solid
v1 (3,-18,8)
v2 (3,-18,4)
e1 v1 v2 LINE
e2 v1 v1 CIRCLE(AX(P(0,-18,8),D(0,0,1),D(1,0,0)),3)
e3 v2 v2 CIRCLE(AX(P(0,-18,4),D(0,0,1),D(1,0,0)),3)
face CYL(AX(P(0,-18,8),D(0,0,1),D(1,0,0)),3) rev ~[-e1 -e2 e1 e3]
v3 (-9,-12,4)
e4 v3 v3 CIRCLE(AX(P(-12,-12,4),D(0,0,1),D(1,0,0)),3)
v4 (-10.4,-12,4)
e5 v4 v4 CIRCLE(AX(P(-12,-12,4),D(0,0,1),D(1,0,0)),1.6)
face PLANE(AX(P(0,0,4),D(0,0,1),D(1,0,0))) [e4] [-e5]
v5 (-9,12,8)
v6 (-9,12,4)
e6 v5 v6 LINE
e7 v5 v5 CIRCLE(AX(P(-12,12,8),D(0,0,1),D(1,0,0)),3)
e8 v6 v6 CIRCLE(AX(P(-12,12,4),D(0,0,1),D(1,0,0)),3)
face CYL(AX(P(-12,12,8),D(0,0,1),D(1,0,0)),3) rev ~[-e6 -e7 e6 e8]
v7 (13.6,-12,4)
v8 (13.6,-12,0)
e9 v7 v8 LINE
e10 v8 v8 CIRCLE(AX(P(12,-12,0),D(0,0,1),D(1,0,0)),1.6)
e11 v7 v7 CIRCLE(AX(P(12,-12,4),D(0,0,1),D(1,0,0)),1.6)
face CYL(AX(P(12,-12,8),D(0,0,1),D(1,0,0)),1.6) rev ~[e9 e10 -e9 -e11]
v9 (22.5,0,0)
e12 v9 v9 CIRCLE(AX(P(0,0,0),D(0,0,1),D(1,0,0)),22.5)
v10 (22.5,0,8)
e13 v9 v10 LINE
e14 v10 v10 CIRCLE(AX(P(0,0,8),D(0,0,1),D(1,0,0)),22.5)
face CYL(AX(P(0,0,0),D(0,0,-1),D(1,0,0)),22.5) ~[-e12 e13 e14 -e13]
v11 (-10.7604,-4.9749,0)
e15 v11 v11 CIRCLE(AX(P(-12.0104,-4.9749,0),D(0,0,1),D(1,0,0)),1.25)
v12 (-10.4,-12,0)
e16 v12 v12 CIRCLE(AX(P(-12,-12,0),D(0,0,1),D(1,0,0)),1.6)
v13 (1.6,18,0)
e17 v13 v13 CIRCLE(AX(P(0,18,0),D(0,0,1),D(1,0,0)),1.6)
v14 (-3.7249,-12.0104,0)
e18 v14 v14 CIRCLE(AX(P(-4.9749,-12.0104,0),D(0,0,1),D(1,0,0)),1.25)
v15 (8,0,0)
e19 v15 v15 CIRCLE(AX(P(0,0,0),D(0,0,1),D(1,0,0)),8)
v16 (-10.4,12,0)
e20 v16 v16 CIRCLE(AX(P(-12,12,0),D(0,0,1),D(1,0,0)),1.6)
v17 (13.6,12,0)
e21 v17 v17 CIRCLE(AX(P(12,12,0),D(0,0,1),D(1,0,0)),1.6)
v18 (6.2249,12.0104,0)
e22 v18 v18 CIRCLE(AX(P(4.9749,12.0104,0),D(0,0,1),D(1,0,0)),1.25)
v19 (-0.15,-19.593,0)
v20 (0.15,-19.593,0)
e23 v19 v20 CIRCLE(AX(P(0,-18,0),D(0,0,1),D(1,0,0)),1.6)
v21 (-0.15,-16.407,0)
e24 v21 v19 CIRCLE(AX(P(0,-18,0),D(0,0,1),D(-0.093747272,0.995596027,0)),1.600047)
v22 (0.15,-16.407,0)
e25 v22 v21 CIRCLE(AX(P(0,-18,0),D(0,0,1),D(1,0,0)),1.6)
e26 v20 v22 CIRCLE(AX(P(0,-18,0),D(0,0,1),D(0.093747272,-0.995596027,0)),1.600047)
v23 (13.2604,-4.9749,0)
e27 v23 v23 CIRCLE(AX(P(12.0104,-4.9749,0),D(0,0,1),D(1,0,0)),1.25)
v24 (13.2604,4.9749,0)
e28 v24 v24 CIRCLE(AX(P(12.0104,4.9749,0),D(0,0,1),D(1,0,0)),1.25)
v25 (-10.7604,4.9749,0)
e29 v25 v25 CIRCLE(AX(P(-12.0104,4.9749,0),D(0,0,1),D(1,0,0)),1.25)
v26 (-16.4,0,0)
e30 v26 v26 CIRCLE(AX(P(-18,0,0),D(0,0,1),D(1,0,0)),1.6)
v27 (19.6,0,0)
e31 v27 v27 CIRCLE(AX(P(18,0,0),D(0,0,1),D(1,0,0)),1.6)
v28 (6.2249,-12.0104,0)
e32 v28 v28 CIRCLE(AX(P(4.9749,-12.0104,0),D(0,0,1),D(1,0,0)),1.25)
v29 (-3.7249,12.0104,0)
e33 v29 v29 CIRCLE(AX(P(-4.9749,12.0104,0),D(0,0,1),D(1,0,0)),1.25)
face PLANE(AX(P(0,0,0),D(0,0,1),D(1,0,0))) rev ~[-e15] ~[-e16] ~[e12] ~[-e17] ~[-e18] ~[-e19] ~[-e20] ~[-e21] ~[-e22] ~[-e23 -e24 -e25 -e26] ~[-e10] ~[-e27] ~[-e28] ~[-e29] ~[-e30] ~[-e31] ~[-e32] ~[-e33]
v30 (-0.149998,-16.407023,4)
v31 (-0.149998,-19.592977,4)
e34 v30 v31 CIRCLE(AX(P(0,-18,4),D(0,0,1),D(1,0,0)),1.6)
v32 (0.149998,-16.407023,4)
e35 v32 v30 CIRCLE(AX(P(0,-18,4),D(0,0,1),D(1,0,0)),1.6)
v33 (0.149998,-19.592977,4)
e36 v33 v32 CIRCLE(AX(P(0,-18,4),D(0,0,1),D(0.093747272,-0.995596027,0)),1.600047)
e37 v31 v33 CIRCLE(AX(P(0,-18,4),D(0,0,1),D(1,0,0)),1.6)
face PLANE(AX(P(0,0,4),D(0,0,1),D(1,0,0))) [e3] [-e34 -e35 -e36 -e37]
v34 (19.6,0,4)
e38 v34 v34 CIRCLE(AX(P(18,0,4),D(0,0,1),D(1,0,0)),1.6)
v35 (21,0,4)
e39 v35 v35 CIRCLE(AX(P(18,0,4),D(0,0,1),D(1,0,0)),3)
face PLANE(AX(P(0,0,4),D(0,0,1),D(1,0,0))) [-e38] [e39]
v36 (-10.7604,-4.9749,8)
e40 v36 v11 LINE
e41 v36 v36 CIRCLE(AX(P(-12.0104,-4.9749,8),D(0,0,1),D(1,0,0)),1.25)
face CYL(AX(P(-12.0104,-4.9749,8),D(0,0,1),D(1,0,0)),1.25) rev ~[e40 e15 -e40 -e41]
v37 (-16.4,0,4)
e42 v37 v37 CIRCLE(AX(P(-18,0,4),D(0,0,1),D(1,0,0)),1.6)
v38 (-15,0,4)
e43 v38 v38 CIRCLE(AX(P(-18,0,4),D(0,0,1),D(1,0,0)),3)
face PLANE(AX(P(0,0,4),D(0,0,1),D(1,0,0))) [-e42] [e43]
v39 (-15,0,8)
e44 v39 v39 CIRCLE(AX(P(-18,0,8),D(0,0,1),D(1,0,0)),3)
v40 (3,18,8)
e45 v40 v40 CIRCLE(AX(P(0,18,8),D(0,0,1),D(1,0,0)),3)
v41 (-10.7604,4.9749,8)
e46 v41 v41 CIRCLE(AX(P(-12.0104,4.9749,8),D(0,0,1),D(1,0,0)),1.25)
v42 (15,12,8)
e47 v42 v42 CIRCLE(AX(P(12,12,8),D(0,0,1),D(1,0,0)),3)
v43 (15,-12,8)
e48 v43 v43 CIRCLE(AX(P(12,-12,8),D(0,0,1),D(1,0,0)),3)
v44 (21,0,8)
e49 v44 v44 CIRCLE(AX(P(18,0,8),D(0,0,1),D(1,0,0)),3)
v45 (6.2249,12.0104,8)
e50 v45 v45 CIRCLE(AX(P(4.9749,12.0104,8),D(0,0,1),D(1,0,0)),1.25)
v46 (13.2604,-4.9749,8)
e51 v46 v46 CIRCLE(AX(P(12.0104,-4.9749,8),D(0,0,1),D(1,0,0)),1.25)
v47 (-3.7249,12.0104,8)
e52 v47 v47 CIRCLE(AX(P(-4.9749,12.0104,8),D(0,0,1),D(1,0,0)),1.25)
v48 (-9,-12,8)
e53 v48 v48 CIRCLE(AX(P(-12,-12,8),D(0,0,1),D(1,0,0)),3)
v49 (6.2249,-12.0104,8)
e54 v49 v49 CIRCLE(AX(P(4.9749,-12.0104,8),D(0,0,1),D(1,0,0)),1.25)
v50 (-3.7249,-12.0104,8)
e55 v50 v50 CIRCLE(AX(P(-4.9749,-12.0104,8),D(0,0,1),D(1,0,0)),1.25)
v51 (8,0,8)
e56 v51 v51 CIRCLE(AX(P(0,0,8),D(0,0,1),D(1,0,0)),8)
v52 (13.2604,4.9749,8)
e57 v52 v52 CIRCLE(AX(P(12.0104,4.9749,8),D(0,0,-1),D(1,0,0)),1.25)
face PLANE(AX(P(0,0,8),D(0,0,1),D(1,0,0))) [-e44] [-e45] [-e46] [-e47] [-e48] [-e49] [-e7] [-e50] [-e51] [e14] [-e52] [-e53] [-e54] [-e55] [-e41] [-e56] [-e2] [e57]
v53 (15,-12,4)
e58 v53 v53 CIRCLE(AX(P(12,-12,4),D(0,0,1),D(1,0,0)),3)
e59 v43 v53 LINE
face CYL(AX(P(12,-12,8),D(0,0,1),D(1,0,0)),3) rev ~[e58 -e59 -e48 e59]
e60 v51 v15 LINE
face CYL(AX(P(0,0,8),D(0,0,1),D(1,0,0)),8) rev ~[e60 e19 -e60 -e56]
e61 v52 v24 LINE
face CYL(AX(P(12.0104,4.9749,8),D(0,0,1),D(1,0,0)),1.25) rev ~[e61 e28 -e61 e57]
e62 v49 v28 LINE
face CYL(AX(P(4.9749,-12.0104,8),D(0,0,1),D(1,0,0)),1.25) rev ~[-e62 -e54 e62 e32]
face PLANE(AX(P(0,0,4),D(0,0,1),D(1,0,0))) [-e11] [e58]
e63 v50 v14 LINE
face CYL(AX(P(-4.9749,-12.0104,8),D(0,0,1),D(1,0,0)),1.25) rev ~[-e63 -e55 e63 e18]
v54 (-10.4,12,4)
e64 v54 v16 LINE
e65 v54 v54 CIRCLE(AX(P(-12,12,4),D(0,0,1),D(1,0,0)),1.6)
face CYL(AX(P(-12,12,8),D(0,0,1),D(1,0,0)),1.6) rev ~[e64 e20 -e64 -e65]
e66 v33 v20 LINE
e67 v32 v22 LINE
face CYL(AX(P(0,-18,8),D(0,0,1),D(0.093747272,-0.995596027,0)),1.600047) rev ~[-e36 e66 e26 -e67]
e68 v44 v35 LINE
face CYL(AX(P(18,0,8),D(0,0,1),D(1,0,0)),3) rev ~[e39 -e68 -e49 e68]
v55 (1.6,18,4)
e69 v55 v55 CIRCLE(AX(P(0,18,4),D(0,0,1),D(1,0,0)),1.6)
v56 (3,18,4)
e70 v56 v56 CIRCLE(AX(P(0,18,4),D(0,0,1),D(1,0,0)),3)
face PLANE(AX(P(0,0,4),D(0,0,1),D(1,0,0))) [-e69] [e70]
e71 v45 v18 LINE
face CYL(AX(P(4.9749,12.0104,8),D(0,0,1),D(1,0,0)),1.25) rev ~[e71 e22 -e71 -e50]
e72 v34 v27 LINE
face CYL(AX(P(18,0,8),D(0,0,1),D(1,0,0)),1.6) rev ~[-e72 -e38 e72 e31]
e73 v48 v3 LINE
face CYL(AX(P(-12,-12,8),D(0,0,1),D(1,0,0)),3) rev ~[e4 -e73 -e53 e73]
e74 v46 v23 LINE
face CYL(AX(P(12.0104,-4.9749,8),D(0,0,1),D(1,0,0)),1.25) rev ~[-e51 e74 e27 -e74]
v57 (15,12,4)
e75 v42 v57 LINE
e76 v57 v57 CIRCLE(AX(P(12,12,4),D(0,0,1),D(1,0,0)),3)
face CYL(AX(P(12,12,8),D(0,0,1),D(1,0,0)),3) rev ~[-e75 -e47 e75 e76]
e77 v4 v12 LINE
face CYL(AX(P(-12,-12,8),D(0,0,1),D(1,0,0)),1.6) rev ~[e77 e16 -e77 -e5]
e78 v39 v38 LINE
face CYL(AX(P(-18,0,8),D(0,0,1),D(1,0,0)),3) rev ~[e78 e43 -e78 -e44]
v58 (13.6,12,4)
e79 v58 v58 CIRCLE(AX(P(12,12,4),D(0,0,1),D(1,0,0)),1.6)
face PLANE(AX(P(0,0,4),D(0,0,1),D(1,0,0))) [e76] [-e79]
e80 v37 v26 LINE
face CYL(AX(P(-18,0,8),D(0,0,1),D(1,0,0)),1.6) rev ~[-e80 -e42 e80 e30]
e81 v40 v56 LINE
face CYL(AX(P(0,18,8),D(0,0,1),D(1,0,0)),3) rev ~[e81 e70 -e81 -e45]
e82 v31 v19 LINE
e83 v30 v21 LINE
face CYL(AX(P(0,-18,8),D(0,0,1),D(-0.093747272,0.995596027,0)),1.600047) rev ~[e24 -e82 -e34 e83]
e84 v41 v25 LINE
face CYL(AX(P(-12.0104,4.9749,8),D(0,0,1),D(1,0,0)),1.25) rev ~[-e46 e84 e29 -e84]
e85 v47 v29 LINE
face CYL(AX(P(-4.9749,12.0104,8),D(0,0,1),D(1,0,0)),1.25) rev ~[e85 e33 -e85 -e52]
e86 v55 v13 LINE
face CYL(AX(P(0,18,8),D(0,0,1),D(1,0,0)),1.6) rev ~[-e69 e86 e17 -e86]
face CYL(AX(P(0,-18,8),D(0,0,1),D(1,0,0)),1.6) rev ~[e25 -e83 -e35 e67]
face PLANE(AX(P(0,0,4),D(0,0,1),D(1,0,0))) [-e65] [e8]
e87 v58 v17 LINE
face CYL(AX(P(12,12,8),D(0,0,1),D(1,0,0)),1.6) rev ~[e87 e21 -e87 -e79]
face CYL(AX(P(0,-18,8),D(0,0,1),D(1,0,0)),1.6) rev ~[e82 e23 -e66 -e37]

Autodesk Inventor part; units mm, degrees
ref_plane "YZ Plane" through (0, 0, 0) normal (1, 0, 0) x (0, 1, 0)
ref_plane "XZ Plane" through (0, 0, 0) normal (0, 1, 0) x (-1, 0, 0)
ref_plane "XY Plane" through (0, 0, 0) normal (0, 0, 1) x (1, 0, 0)
sketch "스케치1" plane through (0, 0, 0) normal (0, 0, 1) x (1, 0, 0)
  circle A0 centre (0, 0) radius 22.5
  dimension "d0" = 45
extrude "돌출1" add sketch "스케치1" along normal blind 8
sketch "스케치2" plane through (0, 0, 8) normal (0, 0, 1) x (1, 0, 0)
  circle A0 centre (0, 0) radius 8
  dimension "d3" = 16
extrude "돌출2" cut sketch "스케치2" against normal up to surface (8 mm away)
sketch "스케치3" plane through (0, 0, 8) normal (0, 0, 1) x (1, 0, 0)
  line L0 (-0.15, -20.7995) -> (-0.15, -19.593)
  arc A0 (-0.15, -16.407) -> (-0.15, -19.593) centre (0, -18) ccw
  line L1 (-0.15, -16.407) -> (-0.15, -12.9991)
  arc A1 (0.15, -12.9991) -> (-0.15, -12.9991) centre (0, 0) ccw
  line L2 (0.15, -16.407) -> (0.15, -12.9991)
  arc A2 (0.15, -19.593) -> (0.15, -16.407) centre (0, -18) ccw
  line L3 (0.15, -20.7995) -> (0.15, -19.593)
  arc A3 (0.15, -20.7995) -> (-0.15, -20.7995) centre (0, 0) ccw
  circle A4 centre (12, 12) radius 1.6
  circle A5 centre (-18, 0) radius 1.6
  circle A6 centre (-12, 12) radius 1.6
  circle A7 centre (-12, -12) radius 1.6
  circle A8 centre (18, 0) radius 1.6
  circle A9 centre (12, -12) radius 1.6
  circle A10 centre (6, 18) radius 1
  circle A11 centre (-6, 18) radius 1
  circle A12 centre (-18, 6) radius 1
  circle A13 centre (-18, -6) radius 1
  circle A14 centre (-6, -18) radius 1
  circle A15 centre (6, -18) radius 1
  circle A16 centre (18, -6) radius 1
  circle A17 centre (18, 6) radius 1
  circle A18 centre (0, 18) radius 1.6
  circle A19 centre (0, 0) radius 12.5
  line L4 (-27, -21) -> (-21, -21)
  line L5 (-21, -21) -> (-21, -27)
  line L6 (25, -27) -> (27, -25)
  line L7 (27, -25) -> (27, 25)
  line L8 (27, 25) -> (25, 27)
  line L9 (25, 27) -> (-25, 27)
  line L10 (-25, 27) -> (-27, 25)
  line L11 (-27, 25) -> (-27, -25)
  line L12 (-27, -25) -> (-25, -27)
  line L13 (-25, -27) -> (25, -27)
  circle A20 centre (0, 0) radius 26.75
  circle A21 centre (24, -24) radius 1.6
  circle A22 centre (-24, -24) radius 1.6
  circle A23 centre (24, 24) radius 1.6
  circle A24 centre (-24, 24) radius 1.6
  circle A25 centre (0, -18) radius 1.6
  dimension "d6" = 3.2
extrude "돌출3" cut sketch "스케치3" against normal up to surface (8 mm away) contours A0 A25 A2 | A4 | A5 | A6 | A7 | A8 | A9 | A18
sketch "스케치4" plane through (0, 0, 8) normal (0, 0, 1) x (1, 0, 0)
  circle A0 centre (0, 18) radius 1.6 projected
  circle A1 centre (-18, 0) radius 1.6 projected
  circle A2 centre (-12, -12) radius 1.6 projected
  circle A3 centre (12, 12) radius 1.6 projected
  circle A4 centre (18, 0) radius 1.6 projected
  circle A5 centre (0, -18) radius 1.6 projected
  circle A6 centre (12, -12) radius 1.6 projected
  circle A7 centre (-12, 12) radius 1.6 projected
  circle A8 centre (0, 0) radius 8 projected
  circle A9 centre (0, 0) radius 22.5 projected
  circle A10 centre (-18, 0) radius 3
  circle A11 centre (-12, 12) radius 3
  circle A12 centre (0, 18) radius 1.6 projected
  circle A13 centre (0, 18) radius 3
  circle A14 centre (12, 12) radius 1.6 projected
  circle A15 centre (12, 12) radius 3
  circle A16 centre (18, 0) radius 3
  circle A17 centre (12, -12) radius 1.6 projected
  circle A18 centre (12, -12) radius 3
  circle A19 centre (0, -18) radius 3
  circle A20 centre (-12, -12) radius 3
  dimension "d9" = 6
  dimension "d10" = 6
  dimension "d11" = 6
  dimension "d12" = 6
  dimension "d13" = 6
  dimension "d14" = 6
  dimension "d15" = 6
  dimension "d16" = 6
extrude "돌출4" cut sketch "스케치4" against normal blind 4 contours A10 | A11 | A13 | A15 | A16 | A18 | A19 | A20
sketch "스케치5" plane through (0, 0, 8) normal (0, 0, 1) x (1, 0, 0)
  line L0 (0, 0) -> (12.0104, 4.9749)
  line L1 (0, 0) -> (13, 0) construction
  circle A0 centre (12.0104, 4.9749) radius 1.25
  circle A1 centre (4.9749, 12.0104) radius 1.25
  circle A2 centre (-4.9749, 12.0104) radius 1.25
  circle A3 centre (-12.0104, 4.9749) radius 1.25
  circle A4 centre (-12.0104, -4.9749) radius 1.25
  circle A5 centre (-4.9749, -12.0104) radius 1.25
  circle A6 centre (4.9749, -12.0104) radius 1.25
  circle A7 centre (12.0104, -4.9749) radius 1.25
  dimension "d19" = 13
  dimension "d20" = 22.5
  dimension "d21" = 2.5
  dimension "d24" = 360
extrude "돌출5" cut sketch "스케치5" against normal up to surface (8 mm away)
equation "\"d4\" = d3"
properties part number "조인트1고관절축" material "알루미늄 6061"
